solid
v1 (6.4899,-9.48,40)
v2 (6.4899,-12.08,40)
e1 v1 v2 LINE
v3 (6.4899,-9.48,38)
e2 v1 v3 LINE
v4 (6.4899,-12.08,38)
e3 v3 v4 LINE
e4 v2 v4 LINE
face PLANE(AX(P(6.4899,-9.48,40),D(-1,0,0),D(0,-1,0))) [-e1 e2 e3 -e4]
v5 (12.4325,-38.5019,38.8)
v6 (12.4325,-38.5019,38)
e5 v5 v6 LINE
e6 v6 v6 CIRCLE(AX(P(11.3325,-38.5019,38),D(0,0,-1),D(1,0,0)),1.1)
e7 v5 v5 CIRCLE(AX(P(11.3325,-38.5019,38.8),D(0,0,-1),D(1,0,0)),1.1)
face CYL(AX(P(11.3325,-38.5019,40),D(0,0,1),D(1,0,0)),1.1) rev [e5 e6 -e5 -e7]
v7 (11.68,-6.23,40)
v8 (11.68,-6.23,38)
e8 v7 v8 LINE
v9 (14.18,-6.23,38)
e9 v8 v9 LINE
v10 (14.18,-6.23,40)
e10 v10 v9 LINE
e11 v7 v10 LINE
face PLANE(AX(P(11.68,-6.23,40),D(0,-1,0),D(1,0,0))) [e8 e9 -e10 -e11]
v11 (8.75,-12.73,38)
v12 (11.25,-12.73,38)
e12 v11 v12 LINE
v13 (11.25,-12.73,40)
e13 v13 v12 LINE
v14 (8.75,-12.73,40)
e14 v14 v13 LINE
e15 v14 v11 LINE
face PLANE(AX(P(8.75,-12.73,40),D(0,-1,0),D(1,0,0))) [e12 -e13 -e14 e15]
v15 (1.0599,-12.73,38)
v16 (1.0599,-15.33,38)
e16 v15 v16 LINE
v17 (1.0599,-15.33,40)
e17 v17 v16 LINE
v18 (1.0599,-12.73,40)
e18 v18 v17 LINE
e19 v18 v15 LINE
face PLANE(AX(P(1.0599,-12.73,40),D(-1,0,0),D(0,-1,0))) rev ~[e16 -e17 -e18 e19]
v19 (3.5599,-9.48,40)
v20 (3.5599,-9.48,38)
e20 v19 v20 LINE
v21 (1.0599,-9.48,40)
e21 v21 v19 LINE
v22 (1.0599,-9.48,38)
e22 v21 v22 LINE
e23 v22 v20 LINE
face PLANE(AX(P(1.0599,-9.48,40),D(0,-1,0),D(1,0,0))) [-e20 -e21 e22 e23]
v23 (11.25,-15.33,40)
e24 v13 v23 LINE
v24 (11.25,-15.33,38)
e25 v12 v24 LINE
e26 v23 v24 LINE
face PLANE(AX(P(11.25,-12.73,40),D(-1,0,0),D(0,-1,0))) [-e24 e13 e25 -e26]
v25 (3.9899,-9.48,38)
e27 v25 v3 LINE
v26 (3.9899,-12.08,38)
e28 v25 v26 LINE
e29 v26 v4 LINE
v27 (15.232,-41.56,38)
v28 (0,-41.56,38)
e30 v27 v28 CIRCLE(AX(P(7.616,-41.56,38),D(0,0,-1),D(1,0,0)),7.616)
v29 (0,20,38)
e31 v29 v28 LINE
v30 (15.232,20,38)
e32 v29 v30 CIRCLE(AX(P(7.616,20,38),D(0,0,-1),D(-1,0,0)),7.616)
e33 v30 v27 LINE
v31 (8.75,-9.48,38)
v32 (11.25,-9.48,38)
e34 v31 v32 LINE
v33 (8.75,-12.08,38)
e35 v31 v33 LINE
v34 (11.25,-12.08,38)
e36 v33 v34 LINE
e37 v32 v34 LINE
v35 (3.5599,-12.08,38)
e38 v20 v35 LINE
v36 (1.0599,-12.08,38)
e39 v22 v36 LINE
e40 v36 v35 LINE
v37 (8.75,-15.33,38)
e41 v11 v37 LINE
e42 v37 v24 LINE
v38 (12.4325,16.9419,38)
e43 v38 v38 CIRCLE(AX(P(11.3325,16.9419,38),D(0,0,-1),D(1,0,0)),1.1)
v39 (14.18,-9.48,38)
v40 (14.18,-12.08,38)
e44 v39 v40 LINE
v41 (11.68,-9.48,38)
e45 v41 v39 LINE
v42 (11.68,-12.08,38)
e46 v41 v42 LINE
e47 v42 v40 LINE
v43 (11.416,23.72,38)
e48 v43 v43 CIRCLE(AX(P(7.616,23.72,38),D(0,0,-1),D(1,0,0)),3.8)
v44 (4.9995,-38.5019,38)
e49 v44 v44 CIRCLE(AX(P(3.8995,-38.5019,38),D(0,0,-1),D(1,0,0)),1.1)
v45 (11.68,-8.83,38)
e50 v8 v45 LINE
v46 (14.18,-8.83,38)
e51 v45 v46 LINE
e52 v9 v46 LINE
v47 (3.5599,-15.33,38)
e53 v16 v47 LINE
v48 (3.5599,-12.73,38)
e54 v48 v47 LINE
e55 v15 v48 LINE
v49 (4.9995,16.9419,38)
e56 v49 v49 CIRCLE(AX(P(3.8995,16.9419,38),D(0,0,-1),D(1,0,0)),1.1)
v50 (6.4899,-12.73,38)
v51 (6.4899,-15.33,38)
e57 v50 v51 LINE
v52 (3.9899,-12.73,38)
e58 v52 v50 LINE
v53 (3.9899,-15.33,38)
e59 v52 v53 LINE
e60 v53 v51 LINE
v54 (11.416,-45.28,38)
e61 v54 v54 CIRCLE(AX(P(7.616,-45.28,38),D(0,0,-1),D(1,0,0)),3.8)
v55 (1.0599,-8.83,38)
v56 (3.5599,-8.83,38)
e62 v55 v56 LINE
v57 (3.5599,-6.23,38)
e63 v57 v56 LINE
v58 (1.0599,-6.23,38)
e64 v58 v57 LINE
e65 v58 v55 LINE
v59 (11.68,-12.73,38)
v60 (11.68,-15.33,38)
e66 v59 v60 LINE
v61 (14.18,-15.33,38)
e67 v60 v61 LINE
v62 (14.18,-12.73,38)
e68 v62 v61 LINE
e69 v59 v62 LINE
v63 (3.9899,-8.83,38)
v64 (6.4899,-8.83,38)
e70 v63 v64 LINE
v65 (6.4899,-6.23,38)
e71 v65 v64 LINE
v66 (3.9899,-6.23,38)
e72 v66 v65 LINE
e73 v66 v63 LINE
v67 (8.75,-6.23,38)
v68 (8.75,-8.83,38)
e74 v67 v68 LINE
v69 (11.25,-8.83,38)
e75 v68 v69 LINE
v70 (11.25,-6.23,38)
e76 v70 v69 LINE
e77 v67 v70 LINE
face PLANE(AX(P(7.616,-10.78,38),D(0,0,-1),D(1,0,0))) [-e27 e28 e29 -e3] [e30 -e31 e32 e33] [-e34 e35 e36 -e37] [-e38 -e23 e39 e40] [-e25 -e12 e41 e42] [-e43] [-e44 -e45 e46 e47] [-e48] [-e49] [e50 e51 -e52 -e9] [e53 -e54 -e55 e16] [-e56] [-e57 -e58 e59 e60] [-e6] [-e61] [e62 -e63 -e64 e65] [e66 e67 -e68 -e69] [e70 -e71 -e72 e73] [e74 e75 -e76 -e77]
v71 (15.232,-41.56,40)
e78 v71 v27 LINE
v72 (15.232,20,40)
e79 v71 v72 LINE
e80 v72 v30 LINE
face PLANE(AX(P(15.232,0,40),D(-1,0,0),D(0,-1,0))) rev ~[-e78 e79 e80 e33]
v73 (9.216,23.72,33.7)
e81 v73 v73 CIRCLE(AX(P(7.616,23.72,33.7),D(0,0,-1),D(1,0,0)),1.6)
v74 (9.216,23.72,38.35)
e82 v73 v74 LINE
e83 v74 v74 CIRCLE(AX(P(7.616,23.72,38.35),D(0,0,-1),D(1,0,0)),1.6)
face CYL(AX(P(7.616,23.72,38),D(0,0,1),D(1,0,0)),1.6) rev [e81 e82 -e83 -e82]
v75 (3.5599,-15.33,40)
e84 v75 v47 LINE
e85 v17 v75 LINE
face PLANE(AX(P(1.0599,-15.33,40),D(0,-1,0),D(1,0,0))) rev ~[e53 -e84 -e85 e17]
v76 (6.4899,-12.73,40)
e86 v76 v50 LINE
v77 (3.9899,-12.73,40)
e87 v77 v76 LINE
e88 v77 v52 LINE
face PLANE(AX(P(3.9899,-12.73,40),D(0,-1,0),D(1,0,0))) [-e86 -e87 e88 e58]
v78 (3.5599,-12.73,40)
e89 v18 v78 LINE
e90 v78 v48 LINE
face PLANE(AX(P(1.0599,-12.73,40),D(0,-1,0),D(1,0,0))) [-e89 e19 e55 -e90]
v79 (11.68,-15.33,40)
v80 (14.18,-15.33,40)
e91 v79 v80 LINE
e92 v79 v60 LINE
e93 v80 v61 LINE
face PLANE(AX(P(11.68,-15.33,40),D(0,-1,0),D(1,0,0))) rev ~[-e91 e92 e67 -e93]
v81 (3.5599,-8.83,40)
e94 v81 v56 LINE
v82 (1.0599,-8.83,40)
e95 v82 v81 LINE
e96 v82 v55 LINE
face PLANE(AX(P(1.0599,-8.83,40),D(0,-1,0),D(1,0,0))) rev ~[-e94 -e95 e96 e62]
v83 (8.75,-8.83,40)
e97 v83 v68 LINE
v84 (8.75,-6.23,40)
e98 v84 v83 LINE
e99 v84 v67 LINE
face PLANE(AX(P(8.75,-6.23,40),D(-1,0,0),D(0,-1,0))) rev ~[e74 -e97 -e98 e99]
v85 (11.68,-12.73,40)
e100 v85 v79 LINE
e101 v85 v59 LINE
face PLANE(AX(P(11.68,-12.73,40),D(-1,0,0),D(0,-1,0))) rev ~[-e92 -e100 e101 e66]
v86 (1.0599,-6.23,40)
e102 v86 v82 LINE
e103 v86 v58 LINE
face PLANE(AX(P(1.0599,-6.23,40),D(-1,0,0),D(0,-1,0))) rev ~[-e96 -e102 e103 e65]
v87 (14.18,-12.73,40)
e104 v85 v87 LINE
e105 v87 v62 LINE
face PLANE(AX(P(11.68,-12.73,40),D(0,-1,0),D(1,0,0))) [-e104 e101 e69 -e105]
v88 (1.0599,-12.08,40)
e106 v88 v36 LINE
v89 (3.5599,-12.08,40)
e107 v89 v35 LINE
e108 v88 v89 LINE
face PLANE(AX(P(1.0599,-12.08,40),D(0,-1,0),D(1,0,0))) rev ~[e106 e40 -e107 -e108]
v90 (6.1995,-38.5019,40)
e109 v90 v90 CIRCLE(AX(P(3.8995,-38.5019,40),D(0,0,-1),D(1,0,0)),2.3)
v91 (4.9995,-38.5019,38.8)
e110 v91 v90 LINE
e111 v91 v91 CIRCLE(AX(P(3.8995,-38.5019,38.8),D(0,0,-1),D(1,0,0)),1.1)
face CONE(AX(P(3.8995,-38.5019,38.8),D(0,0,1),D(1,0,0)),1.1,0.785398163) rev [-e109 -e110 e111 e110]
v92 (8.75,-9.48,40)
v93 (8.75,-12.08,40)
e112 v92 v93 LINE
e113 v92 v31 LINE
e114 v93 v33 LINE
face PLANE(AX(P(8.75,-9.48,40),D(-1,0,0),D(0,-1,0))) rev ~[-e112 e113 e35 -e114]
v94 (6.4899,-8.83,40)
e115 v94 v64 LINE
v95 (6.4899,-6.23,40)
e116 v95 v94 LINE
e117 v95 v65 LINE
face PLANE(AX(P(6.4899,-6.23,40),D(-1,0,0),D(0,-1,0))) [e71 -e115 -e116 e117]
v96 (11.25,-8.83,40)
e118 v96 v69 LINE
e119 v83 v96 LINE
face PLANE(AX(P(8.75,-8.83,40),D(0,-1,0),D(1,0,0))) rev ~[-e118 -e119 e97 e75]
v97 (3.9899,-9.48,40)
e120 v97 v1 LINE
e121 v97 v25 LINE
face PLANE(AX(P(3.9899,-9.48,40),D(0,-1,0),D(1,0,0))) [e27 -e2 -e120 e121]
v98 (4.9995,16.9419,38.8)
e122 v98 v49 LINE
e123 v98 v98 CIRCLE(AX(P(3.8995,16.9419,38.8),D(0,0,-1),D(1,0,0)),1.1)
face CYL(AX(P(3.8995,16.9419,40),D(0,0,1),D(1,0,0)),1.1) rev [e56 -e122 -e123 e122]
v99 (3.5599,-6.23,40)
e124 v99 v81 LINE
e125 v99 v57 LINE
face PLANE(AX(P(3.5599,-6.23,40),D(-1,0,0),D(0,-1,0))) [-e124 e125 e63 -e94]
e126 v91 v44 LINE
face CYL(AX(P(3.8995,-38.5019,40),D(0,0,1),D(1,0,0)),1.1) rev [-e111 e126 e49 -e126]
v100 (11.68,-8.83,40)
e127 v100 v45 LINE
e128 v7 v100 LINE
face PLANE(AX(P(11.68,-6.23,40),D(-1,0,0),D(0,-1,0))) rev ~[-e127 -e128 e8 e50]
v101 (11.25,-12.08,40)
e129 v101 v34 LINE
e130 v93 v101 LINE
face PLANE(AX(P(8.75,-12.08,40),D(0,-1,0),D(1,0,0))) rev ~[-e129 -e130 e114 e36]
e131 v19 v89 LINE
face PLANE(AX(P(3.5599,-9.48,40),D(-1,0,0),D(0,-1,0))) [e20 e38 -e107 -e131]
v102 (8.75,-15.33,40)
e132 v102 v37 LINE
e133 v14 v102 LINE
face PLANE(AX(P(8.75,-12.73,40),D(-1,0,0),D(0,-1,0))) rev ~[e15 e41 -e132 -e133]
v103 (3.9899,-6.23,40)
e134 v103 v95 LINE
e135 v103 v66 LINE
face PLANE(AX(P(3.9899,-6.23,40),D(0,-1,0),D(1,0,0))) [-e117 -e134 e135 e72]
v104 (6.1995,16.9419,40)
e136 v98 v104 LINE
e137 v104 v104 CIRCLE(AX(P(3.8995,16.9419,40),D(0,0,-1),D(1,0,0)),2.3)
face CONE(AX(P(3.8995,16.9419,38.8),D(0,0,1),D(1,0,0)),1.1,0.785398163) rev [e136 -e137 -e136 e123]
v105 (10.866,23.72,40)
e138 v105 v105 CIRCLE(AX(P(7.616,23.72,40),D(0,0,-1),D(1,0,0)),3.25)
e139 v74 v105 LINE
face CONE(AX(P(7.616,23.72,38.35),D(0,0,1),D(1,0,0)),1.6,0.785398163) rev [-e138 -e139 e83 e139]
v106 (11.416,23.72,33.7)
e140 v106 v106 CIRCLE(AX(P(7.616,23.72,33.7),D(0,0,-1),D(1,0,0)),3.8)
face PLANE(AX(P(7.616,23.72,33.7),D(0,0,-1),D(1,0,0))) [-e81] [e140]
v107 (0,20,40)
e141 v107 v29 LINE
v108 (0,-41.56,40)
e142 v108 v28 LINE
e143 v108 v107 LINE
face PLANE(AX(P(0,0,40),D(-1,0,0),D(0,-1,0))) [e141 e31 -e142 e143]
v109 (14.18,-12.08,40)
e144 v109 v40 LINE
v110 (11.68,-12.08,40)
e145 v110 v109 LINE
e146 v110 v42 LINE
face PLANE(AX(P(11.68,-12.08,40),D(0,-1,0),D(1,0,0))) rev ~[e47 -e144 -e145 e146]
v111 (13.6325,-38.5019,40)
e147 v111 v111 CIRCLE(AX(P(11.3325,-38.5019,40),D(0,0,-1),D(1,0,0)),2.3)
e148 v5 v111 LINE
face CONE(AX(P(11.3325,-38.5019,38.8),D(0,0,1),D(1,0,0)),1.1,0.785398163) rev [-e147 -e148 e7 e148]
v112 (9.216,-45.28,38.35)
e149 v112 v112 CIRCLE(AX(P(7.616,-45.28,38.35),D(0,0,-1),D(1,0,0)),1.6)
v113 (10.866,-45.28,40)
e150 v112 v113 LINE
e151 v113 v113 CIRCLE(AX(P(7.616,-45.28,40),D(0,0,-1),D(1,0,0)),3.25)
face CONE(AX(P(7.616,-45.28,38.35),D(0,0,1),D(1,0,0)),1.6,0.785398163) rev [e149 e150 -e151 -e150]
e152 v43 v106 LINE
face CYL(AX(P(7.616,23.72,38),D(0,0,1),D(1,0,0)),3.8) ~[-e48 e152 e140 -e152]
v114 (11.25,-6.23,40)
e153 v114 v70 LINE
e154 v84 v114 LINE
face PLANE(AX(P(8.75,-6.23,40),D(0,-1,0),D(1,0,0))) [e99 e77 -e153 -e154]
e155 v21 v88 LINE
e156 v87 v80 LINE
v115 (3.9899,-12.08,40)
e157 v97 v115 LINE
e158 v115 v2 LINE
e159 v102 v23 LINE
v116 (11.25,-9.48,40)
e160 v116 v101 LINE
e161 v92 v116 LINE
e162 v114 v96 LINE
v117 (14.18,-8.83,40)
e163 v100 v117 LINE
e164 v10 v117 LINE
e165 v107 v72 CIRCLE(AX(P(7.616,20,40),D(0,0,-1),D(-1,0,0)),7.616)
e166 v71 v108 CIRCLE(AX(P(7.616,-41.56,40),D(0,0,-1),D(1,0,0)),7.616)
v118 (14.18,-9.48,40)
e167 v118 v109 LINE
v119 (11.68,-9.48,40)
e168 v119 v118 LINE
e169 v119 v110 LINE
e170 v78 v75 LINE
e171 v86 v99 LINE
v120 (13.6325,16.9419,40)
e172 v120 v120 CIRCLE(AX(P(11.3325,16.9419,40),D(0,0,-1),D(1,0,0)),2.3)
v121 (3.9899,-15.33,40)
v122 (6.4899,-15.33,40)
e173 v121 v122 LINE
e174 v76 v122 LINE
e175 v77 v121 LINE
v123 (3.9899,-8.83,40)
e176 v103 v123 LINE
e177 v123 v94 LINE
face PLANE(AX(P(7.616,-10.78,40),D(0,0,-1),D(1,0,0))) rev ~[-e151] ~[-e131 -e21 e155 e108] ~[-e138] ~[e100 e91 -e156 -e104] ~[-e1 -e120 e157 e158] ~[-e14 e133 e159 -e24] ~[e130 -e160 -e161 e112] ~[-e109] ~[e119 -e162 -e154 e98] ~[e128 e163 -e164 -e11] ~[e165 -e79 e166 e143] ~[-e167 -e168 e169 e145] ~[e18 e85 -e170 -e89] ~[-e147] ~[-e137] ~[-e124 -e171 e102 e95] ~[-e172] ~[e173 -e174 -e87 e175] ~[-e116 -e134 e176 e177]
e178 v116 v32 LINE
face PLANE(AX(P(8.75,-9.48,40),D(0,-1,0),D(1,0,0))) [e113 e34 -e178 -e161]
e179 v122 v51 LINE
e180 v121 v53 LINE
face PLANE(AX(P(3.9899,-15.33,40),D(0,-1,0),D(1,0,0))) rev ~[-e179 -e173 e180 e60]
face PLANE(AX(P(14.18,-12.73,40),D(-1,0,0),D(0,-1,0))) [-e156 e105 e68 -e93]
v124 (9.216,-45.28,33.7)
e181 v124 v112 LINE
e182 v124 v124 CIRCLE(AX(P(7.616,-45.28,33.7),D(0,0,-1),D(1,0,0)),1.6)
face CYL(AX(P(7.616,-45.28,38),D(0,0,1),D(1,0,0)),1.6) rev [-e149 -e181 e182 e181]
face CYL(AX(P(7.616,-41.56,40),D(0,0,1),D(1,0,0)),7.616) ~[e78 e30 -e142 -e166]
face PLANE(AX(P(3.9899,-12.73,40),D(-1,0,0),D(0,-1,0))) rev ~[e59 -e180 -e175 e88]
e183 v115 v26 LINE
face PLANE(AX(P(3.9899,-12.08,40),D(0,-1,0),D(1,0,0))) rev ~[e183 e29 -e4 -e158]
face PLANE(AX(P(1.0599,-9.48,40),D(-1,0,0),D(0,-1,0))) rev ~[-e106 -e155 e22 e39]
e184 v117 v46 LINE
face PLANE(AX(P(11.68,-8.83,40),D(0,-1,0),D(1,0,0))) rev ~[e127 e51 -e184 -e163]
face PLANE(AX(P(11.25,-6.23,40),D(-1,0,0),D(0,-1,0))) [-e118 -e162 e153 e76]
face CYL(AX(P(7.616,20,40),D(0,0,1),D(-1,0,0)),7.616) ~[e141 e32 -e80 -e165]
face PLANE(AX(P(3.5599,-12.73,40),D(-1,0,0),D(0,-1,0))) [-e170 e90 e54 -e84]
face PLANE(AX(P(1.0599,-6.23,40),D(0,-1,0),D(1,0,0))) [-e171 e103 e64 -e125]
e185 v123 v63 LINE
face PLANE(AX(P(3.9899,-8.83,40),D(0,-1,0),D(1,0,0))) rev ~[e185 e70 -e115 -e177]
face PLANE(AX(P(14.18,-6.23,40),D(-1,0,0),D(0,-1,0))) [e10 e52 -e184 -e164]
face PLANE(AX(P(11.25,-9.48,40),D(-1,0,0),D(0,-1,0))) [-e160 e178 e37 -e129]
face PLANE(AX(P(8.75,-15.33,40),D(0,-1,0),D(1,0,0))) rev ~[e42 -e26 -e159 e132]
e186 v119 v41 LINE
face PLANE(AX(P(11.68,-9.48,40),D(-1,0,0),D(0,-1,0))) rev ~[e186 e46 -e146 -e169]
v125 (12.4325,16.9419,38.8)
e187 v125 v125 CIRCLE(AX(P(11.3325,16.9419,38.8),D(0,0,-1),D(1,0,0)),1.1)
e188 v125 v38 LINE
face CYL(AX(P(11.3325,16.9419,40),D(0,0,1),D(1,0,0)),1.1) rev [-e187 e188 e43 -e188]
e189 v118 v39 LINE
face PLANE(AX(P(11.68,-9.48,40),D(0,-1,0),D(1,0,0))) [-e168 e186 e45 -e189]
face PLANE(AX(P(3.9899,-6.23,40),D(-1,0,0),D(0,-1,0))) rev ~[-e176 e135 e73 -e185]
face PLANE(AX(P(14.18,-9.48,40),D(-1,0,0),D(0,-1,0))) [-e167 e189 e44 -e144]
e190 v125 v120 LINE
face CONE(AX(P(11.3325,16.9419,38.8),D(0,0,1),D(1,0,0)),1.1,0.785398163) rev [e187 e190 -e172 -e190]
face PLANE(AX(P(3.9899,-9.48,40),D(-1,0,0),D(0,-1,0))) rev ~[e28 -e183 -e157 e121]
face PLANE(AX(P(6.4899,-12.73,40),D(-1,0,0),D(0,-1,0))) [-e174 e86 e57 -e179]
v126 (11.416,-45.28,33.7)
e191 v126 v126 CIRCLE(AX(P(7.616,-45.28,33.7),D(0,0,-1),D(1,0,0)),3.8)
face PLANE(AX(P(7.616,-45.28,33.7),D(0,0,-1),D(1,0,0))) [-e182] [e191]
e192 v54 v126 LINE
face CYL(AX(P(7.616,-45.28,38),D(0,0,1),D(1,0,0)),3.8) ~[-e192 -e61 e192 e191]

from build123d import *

# Parameters (mm, degrees)
SKETCH002_R            = 1.6
PAD_DEPTH              = 2
CHAMFER_SIZE           = 1.65
CHAMFER003_SIZE        = 1.65
SKETCH005_W            = 15.232
SKETCH005_H            = 21.56
SKETCH005_W_2          = 2.5
SKETCH005_H_2          = 2.6
PAD003_DEPTH           = 2
SKETCH_R               = 3.8
SKETCH_R_2             = 1.6
PAD004_DEPTH           = 4.3
SKETCH001_W            = 15.232
SKETCH001_H            = 20
SKETCH001_R            = 1.1
PAD001_DEPTH           = 2
CHAMFER002_SIZE        = 1.2
FUSION_PLACEMENT_ANGLE = 180


with BuildPart() as chamfer003:
    # Sketch002 → Pad (new body)
    with BuildSketch(Plane.XY):
        with BuildLine():
            ThreePointArc((15.232, 41.56), (7.616, 49.176), (0, 41.56))
            Line((0, 41.56), (15.232, 41.56))
        make_face()
        with Locations((7.616, 45.28)):
            Circle(SKETCH002_R, mode=Mode.SUBTRACT)
        with BuildLine():
            ThreePointArc((0, -20), (7.616, -27.616), (15.232, -20))
            Line((0, -20), (15.232, -20))
        make_face()
        with Locations((7.616, -23.72)):
            Circle(SKETCH002_R, mode=Mode.SUBTRACT)
    extrude(amount=PAD_DEPTH)

    # Chamfer
    chamfer_edges = [chamfer003.edges().sort_by_distance(p)[0] for p in [
        (6.016, 45.28, 0),
    ]]
    chamfer(chamfer_edges, length=CHAMFER_SIZE)

    # Chamfer003
    chamfer003_edges = [chamfer003.edges().sort_by_distance(p)[0] for p in [
        (6.016, -23.72, 0),
    ]]
    chamfer(chamfer003_edges, length=CHAMFER003_SIZE)


with BuildPart() as pad003:
    # Sketch005 → Pad003 (new body)
    with BuildSketch(Plane.XY):
        with Locations((7.616, 10.78)):
            Rectangle(SKETCH005_W, SKETCH005_H)
        with Locations((2.3099, 10.78)):
            Rectangle(SKETCH005_W_2, SKETCH005_H_2, mode=Mode.SUBTRACT)
        with Locations((2.3099, 14.03)):
            Rectangle(SKETCH005_W_2, SKETCH005_H_2, mode=Mode.SUBTRACT)
        with Locations((2.3099, 7.53)):
            Rectangle(SKETCH005_W_2, SKETCH005_H_2, mode=Mode.SUBTRACT)
        with Locations((5.2399, 14.03)):
            Rectangle(SKETCH005_W_2, SKETCH005_H_2, mode=Mode.SUBTRACT)
        with Locations((5.2399, 10.78)):
            Rectangle(SKETCH005_W_2, SKETCH005_H_2, mode=Mode.SUBTRACT)
        with Locations((5.2399, 7.53)):
            Rectangle(SKETCH005_W_2, SKETCH005_H_2, mode=Mode.SUBTRACT)
        with Locations((10, 14.03)):
            Rectangle(SKETCH005_W_2, SKETCH005_H_2, mode=Mode.SUBTRACT)
        with Locations((12.93, 14.03)):
            Rectangle(SKETCH005_W_2, SKETCH005_H_2, mode=Mode.SUBTRACT)
        with Locations((10, 10.78)):
            Rectangle(SKETCH005_W_2, SKETCH005_H_2, mode=Mode.SUBTRACT)
        with Locations((12.93, 10.78)):
            Rectangle(SKETCH005_W_2, SKETCH005_H_2, mode=Mode.SUBTRACT)
        with Locations((10, 7.53)):
            Rectangle(SKETCH005_W_2, SKETCH005_H_2, mode=Mode.SUBTRACT)
        with Locations((12.93, 7.53)):
            Rectangle(SKETCH005_W_2, SKETCH005_H_2, mode=Mode.SUBTRACT)
    extrude(amount=PAD003_DEPTH)


with BuildPart() as pad004:
    # Sketch → Pad004 (new body)
    with BuildSketch(Plane.XY.offset(2)):
        with Locations((7.616, 45.28)):
            Circle(SKETCH_R)
        with Locations((7.616, 45.28)):
            Circle(SKETCH_R_2, mode=Mode.SUBTRACT)
        with Locations((7.616, -23.72)):
            Circle(SKETCH_R)
        with Locations((7.616, -23.72)):
            Circle(SKETCH_R_2, mode=Mode.SUBTRACT)
    extrude(amount=PAD004_DEPTH)


with BuildPart() as fusion:
    # Sketch001 → Pad001 (new body)
    with BuildSketch(Plane.XY):
        with Locations((7.616, -10)):
            Rectangle(SKETCH001_W, SKETCH001_H)
        with Locations((3.8995, -16.9419)):
            Circle(SKETCH001_R, mode=Mode.SUBTRACT)
        with Locations((11.3325, -16.9419)):
            Circle(SKETCH001_R, mode=Mode.SUBTRACT)
        with Locations((7.616, 31.56)):
            Rectangle(SKETCH001_W, SKETCH001_H)
        with Locations((3.8995, 38.5019)):
            Circle(SKETCH001_R, mode=Mode.SUBTRACT)
        with Locations((11.3325, 38.5019)):
            Circle(SKETCH001_R, mode=Mode.SUBTRACT)
    extrude(amount=PAD001_DEPTH)

    # Chamfer002
    chamfer002_edges = [fusion.edges().sort_by_distance(p)[0] for p in [
        (10.2325, -16.9419, 0),
        (2.7995, -16.9419, 0),
        (10.2325, 38.5019, 0),
        (2.7995, 38.5019, 0),
    ]]
    chamfer(chamfer002_edges, length=CHAMFER002_SIZE)

    # Fusion: union Chamfer003, Pad003, Pad004
    add(chamfer003.part)
    add(pad003.part)
    add(pad004.part)


with BuildPart() as fusion_1:
    # Fusion placement: moved
    add(fusion.part.moved(Location((0, 0, 40))).rotate(Axis((0, 0, 40), (1, 0, 0)), FUSION_PLACEMENT_ANGLE))


solid = fusion_1.part
